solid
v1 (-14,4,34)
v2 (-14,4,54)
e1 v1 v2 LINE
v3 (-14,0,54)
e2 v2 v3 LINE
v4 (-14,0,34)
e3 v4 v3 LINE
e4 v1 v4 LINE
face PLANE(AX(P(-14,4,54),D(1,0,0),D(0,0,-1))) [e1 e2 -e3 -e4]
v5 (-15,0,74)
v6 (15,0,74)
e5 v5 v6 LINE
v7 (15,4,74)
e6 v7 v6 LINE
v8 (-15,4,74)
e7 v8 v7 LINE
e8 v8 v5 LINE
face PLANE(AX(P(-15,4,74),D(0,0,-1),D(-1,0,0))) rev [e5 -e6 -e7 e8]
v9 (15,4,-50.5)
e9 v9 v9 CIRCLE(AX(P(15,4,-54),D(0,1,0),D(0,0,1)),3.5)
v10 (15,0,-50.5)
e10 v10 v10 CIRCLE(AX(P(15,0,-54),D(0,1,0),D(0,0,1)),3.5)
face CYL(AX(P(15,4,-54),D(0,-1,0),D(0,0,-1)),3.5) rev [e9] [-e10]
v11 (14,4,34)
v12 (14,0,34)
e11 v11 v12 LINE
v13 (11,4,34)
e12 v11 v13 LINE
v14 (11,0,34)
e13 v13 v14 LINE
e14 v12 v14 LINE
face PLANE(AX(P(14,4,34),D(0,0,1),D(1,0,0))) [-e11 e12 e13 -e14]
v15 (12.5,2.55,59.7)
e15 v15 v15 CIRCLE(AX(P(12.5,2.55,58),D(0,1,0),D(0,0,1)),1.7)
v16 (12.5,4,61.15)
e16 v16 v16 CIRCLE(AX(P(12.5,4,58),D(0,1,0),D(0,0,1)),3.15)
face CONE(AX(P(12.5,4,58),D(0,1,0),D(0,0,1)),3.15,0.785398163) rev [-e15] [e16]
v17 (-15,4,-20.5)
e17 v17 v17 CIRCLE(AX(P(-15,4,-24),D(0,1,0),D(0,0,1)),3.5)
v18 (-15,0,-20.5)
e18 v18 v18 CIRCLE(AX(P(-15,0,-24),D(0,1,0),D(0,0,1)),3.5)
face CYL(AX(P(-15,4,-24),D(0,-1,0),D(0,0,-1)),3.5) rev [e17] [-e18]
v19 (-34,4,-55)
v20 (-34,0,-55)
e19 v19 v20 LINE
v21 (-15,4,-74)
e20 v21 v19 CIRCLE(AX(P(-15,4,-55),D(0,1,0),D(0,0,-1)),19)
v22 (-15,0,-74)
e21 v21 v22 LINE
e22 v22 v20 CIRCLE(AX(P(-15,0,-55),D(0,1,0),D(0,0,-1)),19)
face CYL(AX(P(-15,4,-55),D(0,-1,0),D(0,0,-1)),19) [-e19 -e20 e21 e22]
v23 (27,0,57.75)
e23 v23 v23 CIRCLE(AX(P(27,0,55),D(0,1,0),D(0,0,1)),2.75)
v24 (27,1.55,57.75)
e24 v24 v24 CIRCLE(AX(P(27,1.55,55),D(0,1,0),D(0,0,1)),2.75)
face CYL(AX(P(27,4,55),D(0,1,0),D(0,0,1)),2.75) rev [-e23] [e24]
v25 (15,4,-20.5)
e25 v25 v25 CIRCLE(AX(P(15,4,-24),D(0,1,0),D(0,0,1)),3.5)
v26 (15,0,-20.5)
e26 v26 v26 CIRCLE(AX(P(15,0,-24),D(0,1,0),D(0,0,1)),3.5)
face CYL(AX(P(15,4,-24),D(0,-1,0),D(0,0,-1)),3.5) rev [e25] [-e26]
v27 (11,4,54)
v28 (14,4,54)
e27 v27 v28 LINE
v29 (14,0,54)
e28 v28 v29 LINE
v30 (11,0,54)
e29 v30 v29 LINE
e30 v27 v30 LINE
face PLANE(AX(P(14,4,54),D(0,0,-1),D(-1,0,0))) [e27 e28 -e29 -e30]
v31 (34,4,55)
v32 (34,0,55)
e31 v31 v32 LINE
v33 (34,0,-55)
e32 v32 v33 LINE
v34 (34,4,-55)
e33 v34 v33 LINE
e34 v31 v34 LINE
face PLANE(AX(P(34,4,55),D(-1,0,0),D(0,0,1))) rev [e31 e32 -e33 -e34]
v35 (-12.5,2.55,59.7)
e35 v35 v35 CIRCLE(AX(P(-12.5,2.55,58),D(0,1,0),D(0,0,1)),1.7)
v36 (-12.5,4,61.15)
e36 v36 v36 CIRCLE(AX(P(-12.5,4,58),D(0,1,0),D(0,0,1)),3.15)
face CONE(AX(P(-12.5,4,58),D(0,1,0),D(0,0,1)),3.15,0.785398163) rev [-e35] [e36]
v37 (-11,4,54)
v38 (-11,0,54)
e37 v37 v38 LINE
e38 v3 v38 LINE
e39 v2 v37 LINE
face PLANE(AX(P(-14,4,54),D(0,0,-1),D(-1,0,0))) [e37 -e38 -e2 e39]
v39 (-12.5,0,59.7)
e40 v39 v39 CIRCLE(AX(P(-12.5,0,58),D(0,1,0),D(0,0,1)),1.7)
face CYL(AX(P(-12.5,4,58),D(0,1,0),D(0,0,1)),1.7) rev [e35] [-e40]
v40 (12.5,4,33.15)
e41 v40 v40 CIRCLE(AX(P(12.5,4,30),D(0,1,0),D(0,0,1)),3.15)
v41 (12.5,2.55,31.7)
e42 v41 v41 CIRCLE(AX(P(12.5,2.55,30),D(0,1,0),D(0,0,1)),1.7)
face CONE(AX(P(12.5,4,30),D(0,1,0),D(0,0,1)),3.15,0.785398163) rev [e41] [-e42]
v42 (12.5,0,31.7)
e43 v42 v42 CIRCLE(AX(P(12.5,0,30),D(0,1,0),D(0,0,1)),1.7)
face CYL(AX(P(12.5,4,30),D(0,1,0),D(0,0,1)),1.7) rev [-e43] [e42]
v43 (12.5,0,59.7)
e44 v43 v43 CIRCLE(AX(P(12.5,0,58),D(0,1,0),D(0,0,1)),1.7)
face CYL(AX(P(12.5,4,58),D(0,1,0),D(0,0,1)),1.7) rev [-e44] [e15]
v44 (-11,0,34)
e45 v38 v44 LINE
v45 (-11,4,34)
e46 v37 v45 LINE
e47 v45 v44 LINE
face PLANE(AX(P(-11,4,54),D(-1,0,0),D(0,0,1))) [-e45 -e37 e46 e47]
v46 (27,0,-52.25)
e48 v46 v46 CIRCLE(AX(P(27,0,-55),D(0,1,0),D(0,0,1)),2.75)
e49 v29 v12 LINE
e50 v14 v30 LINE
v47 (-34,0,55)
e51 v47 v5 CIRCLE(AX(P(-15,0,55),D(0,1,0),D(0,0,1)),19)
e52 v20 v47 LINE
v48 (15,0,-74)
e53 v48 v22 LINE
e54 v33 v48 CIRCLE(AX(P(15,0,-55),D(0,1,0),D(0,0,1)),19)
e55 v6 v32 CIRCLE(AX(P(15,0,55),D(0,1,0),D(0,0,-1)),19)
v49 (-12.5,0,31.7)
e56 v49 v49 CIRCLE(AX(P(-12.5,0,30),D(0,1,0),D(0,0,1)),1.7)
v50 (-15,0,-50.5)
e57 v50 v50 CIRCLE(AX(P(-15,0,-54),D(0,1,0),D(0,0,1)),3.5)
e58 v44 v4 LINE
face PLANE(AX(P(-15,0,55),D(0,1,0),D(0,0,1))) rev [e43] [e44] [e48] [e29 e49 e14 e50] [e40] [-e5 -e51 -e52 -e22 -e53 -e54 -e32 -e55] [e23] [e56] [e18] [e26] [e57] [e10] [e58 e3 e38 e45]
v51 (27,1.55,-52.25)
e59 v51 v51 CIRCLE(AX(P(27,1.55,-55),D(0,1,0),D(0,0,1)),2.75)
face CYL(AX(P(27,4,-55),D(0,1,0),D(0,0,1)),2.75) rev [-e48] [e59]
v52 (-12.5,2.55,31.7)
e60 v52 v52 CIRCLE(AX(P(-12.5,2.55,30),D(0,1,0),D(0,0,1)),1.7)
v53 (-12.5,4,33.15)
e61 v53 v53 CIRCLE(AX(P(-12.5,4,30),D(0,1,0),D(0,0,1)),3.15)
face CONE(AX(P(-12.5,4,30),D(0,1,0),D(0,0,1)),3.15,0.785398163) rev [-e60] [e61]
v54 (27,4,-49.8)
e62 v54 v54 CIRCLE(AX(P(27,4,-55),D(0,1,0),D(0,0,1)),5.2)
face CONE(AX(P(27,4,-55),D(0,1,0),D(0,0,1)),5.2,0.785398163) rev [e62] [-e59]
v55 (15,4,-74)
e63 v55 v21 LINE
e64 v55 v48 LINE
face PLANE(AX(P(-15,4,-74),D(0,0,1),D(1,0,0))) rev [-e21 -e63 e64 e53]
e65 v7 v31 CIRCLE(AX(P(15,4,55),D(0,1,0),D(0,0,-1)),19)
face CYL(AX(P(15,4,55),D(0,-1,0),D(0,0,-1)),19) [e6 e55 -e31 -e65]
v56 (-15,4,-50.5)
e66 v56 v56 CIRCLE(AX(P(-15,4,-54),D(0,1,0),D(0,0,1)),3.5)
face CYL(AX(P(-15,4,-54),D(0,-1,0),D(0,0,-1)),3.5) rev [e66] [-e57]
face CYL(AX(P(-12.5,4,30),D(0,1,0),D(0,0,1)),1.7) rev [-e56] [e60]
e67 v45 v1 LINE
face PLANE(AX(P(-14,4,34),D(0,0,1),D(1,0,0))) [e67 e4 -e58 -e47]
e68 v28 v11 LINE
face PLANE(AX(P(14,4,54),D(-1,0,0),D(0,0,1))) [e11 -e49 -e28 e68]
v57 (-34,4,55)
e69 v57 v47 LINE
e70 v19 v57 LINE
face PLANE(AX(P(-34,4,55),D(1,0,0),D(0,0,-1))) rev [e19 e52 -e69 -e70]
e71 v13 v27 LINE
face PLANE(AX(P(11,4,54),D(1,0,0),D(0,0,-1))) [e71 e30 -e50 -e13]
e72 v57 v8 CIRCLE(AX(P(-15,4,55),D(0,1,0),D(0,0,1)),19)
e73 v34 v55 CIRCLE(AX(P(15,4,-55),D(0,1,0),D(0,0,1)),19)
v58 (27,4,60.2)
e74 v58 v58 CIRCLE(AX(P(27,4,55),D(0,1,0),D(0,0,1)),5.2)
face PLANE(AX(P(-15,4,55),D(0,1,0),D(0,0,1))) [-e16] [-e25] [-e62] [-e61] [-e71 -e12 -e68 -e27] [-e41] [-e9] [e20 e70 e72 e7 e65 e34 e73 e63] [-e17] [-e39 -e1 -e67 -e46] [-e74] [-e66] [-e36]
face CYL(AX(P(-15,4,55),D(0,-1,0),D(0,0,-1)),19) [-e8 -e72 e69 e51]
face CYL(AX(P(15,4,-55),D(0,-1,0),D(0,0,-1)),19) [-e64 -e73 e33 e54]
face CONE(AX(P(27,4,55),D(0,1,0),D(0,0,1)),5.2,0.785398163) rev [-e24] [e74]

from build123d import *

# Parameters (mm, degrees)
SKETCH1_R                                     = 3.5
SKETCH1_R_2                                   = 1.5
SKETCH1_W                                     = 3
SKETCH1_H                                     = 20
BOSS_EXTRUDE1_DEPTH                           = 4
CSK_FOR_M5_COUNTERSUNK_FLAT_HEAD1_AT_2_COUNT  = 2
CSK_FOR_M5_COUNTERSUNK_FLAT_HEAD1_AT_2_PITCH  = 110
CSK_FOR_M3_COUNTERSUNK_FLAT_HEAD1_D           = 3.4
CSK_FOR_M3_COUNTERSUNK_FLAT_HEAD1_DEPTH       = 4
CSK_FOR_M3_COUNTERSUNK_FLAT_HEAD1_CSINK_D     = 6.3
CSK_FOR_M3_COUNTERSUNK_FLAT_HEAD1_CSINK_ANGLE = 90


with BuildPart() as part:
    # Sketch1 → Boss-Extrude1 (new body)
    with BuildSketch(Plane(origin=(0, 0, 0), x_dir=(1, 0, 0), z_dir=(0, 1, 0))):
        with BuildLine():
            Line((-15, -74), (15, -74))
            ThreePointArc((15, -74), (28.435028843, -68.435028843), (34, -55))
            Line((34, -55), (34, 55))
            ThreePointArc((34, 55), (28.435028843, 68.435028843), (15, 74))
            Line((15, 74), (-15, 74))
            ThreePointArc((-15, 74), (-28.435028843, 68.435028843), (-34, 55))
            Line((-34, 55), (-34, -55))
            ThreePointArc((-34, -55), (-28.435028843, -68.435028843), (-15, -74))
        make_face()
        with Locations(Location((-15, 54, 0), (0, 0, 270))):
            Circle(SKETCH1_R, mode=Mode.SUBTRACT)
        with Locations(Location((-15, 24, 0), (0, 0, 270))):
            Circle(SKETCH1_R, mode=Mode.SUBTRACT)
        with Locations(Location((15, 24, 0), (0, 0, 270))):
            Circle(SKETCH1_R, mode=Mode.SUBTRACT)
        with Locations(Location((15, 54, 0), (0, 0, 270))):
            Circle(SKETCH1_R, mode=Mode.SUBTRACT)
        with Locations(Location((-12.5, -30, 0), (0, 0, 270))):
            Circle(SKETCH1_R_2, mode=Mode.SUBTRACT)
        with Locations(Location((-12.5, -58, 0), (0, 0, 270))):
            Circle(SKETCH1_R_2, mode=Mode.SUBTRACT)
        with Locations(Location((12.5, -30, 0), (0, 0, 90))):
            Circle(SKETCH1_R_2, mode=Mode.SUBTRACT)
        with Locations(Location((12.5, -58, 0), (0, 0, 90))):
            Circle(SKETCH1_R_2, mode=Mode.SUBTRACT)
        with Locations((-12.5, -44)):
            Rectangle(SKETCH1_W, SKETCH1_H, mode=Mode.SUBTRACT)
        with Locations((12.5, -44)):
            Rectangle(SKETCH1_W, SKETCH1_H, mode=Mode.SUBTRACT)
    extrude(amount=BOSS_EXTRUDE1_DEPTH)

    # Sketch3 → CSK for M5 Countersunk Flat Head1 (revolve, cut)
    with BuildSketch(Plane(origin=(27, 4, -55), x_dir=(0, 0, 1), z_dir=(1, 0, 0))):
        Polygon((0, 0), (0, 4), (2.75, 4), (2.75, 2.45), (5.2, 0), align=None)
    csk_for_m5_countersunk_flat_head1 = revolve(axis=Axis((27, 10.35, -55), (0, -1, 0)), mode=Mode.SUBTRACT)

    # CSK for M5 Countersunk Flat Head1 at 2: CSK for M5 Countersunk Flat Head1 ×2
    with Locations(*[(0, 0, i * CSK_FOR_M5_COUNTERSUNK_FLAT_HEAD1_AT_2_PITCH) for i in range(1, CSK_FOR_M5_COUNTERSUNK_FLAT_HEAD1_AT_2_COUNT)]):
        add(csk_for_m5_countersunk_flat_head1, mode=Mode.SUBTRACT)

    # CSK for M3 Countersunk Flat Head1
    with Locations(Plane(origin=(0, 4, 0), x_dir=(1, 0, 0), z_dir=(0, 1, 0))):
        with Locations((-12.5, -30), (12.5, -30), (12.5, -58), (-12.5, -58)):
            CounterSinkHole(CSK_FOR_M3_COUNTERSUNK_FLAT_HEAD1_D / 2, CSK_FOR_M3_COUNTERSUNK_FLAT_HEAD1_CSINK_D / 2, depth=CSK_FOR_M3_COUNTERSUNK_FLAT_HEAD1_DEPTH, counter_sink_angle=CSK_FOR_M3_COUNTERSUNK_FLAT_HEAD1_CSINK_ANGLE)


solid = part.part
